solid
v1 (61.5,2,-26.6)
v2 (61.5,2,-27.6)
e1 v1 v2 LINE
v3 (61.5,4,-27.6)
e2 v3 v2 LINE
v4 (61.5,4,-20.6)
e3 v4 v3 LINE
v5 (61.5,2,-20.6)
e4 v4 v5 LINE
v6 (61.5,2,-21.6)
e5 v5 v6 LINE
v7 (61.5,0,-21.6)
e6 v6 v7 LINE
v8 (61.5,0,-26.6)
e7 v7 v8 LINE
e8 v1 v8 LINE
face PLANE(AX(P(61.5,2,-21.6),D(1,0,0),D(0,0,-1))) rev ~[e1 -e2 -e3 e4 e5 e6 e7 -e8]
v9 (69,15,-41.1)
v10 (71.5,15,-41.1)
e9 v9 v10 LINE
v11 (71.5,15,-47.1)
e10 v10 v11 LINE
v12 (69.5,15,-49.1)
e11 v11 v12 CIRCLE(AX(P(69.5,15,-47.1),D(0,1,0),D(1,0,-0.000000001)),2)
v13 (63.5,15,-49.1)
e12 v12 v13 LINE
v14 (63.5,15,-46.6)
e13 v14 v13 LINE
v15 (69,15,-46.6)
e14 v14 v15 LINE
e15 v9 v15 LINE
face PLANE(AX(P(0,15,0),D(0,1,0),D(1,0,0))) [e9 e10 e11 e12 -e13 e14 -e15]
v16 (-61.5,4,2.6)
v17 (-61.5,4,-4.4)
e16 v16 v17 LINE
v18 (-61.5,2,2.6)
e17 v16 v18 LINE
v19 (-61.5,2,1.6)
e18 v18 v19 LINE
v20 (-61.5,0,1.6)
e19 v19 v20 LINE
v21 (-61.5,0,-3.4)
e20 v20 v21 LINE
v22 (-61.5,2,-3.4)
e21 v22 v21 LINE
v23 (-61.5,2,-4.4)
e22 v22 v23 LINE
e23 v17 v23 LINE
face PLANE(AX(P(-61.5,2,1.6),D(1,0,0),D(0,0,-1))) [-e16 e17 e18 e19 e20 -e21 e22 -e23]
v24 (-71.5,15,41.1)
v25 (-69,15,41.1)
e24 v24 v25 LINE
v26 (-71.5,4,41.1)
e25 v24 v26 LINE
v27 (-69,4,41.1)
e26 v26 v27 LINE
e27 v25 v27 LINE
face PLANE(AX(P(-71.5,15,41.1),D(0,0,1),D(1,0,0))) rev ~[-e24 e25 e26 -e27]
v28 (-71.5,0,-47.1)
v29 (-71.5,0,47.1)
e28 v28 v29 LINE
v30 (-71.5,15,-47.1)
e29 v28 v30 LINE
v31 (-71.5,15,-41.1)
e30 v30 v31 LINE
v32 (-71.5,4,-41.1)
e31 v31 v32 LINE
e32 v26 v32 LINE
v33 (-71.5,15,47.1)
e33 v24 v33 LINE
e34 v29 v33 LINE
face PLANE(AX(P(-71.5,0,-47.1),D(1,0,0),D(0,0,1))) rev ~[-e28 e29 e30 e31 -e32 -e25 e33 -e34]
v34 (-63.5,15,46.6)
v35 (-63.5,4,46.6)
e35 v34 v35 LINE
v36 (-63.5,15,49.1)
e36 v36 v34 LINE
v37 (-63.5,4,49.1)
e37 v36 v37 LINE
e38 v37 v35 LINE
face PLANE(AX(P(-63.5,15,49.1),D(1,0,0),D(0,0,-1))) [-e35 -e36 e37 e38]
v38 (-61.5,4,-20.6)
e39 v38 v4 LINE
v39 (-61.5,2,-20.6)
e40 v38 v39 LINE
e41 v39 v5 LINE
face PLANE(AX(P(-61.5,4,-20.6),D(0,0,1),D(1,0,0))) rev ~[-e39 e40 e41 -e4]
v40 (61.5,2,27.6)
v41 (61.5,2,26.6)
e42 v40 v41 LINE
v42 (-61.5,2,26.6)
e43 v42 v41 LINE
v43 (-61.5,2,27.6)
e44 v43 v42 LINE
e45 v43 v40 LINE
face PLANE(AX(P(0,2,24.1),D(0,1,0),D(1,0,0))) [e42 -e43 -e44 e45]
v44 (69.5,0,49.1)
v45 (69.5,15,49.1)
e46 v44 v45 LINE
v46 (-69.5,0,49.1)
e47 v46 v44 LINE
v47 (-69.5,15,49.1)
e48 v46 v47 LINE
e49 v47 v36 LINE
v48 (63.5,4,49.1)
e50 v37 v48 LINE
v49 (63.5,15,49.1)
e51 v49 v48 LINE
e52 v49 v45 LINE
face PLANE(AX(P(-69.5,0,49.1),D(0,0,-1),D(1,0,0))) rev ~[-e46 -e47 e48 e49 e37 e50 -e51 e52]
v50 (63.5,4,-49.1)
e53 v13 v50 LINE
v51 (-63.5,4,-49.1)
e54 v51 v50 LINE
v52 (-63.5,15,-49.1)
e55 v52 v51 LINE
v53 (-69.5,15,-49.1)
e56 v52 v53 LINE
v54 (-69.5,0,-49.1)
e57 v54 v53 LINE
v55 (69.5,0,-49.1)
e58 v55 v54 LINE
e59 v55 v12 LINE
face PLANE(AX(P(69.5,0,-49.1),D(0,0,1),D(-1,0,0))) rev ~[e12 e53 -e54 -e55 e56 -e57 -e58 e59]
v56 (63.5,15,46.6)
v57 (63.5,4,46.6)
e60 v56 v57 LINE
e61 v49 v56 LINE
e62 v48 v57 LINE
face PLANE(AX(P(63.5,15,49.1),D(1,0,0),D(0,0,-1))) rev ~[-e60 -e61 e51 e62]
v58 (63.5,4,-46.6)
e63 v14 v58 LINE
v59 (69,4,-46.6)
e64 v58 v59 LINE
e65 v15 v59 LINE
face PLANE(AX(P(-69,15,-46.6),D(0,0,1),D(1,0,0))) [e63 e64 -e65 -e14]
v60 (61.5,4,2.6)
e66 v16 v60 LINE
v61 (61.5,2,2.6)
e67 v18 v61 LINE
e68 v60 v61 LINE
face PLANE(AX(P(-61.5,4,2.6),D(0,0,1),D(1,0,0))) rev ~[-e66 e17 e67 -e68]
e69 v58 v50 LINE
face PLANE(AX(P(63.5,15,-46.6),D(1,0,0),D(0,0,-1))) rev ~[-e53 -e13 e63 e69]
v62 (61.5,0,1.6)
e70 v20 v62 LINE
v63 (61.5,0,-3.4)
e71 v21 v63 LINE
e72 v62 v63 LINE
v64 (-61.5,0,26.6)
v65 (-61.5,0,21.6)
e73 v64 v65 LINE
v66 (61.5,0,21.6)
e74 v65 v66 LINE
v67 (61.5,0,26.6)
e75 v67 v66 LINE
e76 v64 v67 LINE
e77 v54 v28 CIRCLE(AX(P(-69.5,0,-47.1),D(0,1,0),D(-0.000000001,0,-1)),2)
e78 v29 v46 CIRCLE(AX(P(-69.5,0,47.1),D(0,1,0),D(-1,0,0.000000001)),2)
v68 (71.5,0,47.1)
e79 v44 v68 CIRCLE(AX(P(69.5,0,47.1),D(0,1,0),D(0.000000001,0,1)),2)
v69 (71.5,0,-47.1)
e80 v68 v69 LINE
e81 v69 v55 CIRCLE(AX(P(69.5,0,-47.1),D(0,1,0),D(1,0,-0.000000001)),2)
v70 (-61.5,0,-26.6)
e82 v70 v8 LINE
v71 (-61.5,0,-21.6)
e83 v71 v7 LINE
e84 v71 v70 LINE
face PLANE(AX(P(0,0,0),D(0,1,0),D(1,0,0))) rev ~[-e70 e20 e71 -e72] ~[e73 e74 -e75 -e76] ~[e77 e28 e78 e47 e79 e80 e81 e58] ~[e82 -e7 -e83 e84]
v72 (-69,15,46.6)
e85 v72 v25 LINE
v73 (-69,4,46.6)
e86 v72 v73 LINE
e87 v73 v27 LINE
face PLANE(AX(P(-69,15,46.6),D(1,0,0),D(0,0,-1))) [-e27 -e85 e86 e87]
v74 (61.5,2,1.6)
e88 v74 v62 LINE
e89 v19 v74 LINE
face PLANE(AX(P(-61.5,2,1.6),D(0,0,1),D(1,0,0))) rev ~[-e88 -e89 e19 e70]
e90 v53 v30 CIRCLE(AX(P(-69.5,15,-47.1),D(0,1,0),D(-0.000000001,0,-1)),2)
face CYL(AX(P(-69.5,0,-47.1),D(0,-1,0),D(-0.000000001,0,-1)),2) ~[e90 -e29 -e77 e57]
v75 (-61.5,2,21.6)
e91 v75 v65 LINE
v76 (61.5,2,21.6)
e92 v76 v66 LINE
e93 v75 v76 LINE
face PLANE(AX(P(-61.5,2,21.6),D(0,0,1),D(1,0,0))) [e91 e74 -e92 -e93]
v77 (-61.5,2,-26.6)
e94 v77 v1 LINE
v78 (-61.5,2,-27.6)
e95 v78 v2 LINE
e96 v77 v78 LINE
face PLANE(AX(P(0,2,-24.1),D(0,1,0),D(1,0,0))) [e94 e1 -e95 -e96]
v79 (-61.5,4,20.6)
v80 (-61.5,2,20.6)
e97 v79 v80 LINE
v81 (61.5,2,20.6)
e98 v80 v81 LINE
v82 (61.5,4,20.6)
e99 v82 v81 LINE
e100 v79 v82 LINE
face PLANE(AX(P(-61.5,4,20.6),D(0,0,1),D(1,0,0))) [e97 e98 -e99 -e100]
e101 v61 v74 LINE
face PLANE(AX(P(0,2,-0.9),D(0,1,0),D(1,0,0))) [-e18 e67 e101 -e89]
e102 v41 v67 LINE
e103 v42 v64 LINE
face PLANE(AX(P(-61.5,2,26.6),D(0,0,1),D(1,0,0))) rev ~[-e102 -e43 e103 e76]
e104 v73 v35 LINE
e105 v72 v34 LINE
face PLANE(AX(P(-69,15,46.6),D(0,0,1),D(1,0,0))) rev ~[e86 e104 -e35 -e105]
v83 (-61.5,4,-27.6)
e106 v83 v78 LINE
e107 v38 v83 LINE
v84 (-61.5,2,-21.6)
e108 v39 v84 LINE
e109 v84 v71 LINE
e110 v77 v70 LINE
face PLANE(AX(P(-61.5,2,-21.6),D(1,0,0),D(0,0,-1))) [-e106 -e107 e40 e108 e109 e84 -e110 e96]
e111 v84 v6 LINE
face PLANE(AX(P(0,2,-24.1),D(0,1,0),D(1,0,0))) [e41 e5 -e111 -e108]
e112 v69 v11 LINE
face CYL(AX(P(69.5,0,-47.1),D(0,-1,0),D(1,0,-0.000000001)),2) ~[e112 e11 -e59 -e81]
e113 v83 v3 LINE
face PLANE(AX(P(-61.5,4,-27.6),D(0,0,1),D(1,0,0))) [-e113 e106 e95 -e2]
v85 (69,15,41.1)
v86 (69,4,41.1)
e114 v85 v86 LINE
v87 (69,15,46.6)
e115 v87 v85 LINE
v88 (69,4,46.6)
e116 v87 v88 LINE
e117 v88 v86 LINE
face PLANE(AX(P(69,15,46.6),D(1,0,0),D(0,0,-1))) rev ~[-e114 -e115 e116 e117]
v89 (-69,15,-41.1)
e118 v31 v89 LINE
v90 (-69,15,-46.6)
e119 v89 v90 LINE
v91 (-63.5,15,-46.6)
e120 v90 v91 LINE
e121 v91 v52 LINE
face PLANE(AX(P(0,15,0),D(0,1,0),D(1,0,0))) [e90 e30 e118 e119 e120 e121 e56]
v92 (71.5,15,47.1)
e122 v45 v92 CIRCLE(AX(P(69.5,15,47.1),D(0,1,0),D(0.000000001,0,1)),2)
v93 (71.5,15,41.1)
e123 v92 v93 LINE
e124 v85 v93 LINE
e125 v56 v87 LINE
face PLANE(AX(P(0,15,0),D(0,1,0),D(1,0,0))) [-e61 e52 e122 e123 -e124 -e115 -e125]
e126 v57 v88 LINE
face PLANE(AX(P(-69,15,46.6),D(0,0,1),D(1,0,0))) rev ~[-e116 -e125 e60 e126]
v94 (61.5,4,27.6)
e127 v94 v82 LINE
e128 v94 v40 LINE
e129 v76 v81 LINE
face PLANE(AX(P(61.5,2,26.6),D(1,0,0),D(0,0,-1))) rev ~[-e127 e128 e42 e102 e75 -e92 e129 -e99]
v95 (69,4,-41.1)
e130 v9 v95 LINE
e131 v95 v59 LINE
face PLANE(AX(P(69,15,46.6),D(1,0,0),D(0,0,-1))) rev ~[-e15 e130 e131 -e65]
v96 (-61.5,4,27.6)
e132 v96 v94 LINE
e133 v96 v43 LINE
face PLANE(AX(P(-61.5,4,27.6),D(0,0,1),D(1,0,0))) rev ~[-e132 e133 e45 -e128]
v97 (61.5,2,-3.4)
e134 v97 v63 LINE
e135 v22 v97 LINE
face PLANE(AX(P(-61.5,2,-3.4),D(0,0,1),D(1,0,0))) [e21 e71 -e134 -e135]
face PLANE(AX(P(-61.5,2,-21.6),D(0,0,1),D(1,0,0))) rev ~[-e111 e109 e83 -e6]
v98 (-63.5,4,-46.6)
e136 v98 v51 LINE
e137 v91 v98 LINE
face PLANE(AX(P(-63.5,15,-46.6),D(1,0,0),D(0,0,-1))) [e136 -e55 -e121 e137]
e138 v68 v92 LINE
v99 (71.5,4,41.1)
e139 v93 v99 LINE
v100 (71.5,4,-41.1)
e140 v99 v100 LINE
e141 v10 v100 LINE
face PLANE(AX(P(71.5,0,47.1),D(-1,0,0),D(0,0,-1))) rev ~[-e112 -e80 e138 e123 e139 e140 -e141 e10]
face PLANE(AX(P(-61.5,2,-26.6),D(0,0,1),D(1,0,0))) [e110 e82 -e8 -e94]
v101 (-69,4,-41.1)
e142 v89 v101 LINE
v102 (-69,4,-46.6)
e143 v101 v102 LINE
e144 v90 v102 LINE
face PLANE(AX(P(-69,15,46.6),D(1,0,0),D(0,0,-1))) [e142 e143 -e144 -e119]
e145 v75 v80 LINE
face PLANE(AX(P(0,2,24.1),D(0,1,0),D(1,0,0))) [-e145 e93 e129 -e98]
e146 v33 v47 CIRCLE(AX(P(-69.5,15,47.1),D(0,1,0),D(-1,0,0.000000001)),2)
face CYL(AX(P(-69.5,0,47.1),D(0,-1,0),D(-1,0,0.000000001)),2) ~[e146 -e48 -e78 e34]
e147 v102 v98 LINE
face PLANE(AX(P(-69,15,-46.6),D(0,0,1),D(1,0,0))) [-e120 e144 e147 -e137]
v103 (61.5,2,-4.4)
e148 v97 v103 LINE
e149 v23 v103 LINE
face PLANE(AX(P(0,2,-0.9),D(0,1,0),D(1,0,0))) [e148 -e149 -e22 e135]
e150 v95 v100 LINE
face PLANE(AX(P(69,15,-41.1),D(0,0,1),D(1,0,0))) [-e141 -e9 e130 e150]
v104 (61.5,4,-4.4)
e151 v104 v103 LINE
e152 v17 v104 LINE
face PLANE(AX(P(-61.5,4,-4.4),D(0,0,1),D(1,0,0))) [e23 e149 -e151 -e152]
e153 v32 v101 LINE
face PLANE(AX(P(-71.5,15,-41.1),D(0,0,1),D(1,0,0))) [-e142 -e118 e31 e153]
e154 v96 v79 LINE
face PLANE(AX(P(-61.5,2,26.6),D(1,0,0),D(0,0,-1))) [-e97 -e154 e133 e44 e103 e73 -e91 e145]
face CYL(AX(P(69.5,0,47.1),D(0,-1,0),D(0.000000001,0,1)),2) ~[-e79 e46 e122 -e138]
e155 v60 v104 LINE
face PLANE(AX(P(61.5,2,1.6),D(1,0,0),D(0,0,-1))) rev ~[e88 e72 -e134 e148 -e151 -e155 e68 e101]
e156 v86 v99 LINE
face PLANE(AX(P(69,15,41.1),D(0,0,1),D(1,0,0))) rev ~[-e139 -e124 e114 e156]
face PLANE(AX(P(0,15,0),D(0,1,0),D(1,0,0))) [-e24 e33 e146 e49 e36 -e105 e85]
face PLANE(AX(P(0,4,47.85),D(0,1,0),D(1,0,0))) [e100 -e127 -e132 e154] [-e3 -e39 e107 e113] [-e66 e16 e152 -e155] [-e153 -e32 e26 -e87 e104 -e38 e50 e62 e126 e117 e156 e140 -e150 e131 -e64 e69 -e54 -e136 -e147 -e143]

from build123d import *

# Parameters (mm, degrees)
BOSS_EXTRUDE1_DEPTH = 15
SKETCH2_W           = 138
SKETCH2_H           = 93.2
CUT_EXTRUDE1_DEPTH  = 11
SKETCH3_W           = 2.5
SKETCH3_H           = 82.2
SKETCH3_W_2         = 127
SKETCH3_H_2         = 2.5
CUT_EXTRUDE2_DEPTH  = 11
SKETCH7_W           = 123
SKETCH7_H           = 7
CUT_EXTRUDE6_DEPTH  = 2
SKETCH8_W           = 123
SKETCH8_H           = 5
CUT_EXTRUDE7_DEPTH  = 10


with BuildPart() as part:
    # Sketch1 → Boss-Extrude1 (new body)
    with BuildSketch(Plane(origin=(0, 0, 0), x_dir=(1, 0, 0), z_dir=(0, 1, 0))):
        with BuildLine():
            Line((-69.5, -49.1), (69.5, -49.1))
            ThreePointArc((69.5, -49.1), (70.914213562, -48.514213562), (71.5, -47.1))
            Line((71.5, -47.1), (71.5, 47.1))
            ThreePointArc((71.5, 47.1), (70.914213562, 48.514213562), (69.5, 49.1))
            Line((69.5, 49.1), (-69.5, 49.1))
            ThreePointArc((-69.5, 49.1), (-70.914213562, 48.514213562), (-71.5, 47.1))
            Line((-71.5, 47.1), (-71.5, -47.1))
            ThreePointArc((-71.5, -47.1), (-70.914213562, -48.514213562), (-69.5, -49.1))
        make_face()
    extrude(amount=BOSS_EXTRUDE1_DEPTH)

    # Sketch2 → Cut-Extrude1 (cut)
    with BuildSketch(Plane(origin=(0, 15, 0), x_dir=(1, 0, 0), z_dir=(0, 1, 0))):
        Rectangle(SKETCH2_W, SKETCH2_H)
    extrude(amount=-CUT_EXTRUDE1_DEPTH, mode=Mode.SUBTRACT)

    # Sketch3 → Cut-Extrude2 (cut)
    with BuildSketch(Plane(origin=(0, 15, 0), x_dir=(1, 0, 0), z_dir=(0, 1, 0))):
        with Locations((-70.25, 0)):
            Rectangle(SKETCH3_W, SKETCH3_H)
        with Locations((0, 47.85)):
            Rectangle(SKETCH3_W_2, SKETCH3_H_2)
        with Locations((70.25, 0)):
            Rectangle(SKETCH3_W, SKETCH3_H)
        with Locations((0, -47.85)):
            Rectangle(SKETCH3_W_2, SKETCH3_H_2)
    extrude(amount=-CUT_EXTRUDE2_DEPTH, mode=Mode.SUBTRACT)

    # Sketch7 → Cut-Extrude6 (cut)
    with BuildSketch(Plane(origin=(0, 4, 0), x_dir=(1, 0, 0), z_dir=(0, 1, 0))):
        with Locations((0, 0.9)):
            Rectangle(SKETCH7_W, SKETCH7_H)
        with Locations((0, 24.1)):
            Rectangle(SKETCH7_W, SKETCH7_H)
        with Locations((0, -24.1)):
            Rectangle(SKETCH7_W, SKETCH7_H)
    extrude(amount=-CUT_EXTRUDE6_DEPTH, mode=Mode.SUBTRACT)

    # Sketch8 → Cut-Extrude7 (cut)
    with BuildSketch(Plane(origin=(0, 2, 0), x_dir=(1, 0, 0), z_dir=(0, 1, 0))):
        with Locations((0, 0.9)):
            Rectangle(SKETCH8_W, SKETCH8_H)
        with Locations((0, 24.1)):
            Rectangle(SKETCH8_W, SKETCH8_H)
        with Locations((0, -24.1)):
            Rectangle(SKETCH8_W, SKETCH8_H)
    extrude(amount=-CUT_EXTRUDE7_DEPTH, mode=Mode.SUBTRACT)


solid = part.part
